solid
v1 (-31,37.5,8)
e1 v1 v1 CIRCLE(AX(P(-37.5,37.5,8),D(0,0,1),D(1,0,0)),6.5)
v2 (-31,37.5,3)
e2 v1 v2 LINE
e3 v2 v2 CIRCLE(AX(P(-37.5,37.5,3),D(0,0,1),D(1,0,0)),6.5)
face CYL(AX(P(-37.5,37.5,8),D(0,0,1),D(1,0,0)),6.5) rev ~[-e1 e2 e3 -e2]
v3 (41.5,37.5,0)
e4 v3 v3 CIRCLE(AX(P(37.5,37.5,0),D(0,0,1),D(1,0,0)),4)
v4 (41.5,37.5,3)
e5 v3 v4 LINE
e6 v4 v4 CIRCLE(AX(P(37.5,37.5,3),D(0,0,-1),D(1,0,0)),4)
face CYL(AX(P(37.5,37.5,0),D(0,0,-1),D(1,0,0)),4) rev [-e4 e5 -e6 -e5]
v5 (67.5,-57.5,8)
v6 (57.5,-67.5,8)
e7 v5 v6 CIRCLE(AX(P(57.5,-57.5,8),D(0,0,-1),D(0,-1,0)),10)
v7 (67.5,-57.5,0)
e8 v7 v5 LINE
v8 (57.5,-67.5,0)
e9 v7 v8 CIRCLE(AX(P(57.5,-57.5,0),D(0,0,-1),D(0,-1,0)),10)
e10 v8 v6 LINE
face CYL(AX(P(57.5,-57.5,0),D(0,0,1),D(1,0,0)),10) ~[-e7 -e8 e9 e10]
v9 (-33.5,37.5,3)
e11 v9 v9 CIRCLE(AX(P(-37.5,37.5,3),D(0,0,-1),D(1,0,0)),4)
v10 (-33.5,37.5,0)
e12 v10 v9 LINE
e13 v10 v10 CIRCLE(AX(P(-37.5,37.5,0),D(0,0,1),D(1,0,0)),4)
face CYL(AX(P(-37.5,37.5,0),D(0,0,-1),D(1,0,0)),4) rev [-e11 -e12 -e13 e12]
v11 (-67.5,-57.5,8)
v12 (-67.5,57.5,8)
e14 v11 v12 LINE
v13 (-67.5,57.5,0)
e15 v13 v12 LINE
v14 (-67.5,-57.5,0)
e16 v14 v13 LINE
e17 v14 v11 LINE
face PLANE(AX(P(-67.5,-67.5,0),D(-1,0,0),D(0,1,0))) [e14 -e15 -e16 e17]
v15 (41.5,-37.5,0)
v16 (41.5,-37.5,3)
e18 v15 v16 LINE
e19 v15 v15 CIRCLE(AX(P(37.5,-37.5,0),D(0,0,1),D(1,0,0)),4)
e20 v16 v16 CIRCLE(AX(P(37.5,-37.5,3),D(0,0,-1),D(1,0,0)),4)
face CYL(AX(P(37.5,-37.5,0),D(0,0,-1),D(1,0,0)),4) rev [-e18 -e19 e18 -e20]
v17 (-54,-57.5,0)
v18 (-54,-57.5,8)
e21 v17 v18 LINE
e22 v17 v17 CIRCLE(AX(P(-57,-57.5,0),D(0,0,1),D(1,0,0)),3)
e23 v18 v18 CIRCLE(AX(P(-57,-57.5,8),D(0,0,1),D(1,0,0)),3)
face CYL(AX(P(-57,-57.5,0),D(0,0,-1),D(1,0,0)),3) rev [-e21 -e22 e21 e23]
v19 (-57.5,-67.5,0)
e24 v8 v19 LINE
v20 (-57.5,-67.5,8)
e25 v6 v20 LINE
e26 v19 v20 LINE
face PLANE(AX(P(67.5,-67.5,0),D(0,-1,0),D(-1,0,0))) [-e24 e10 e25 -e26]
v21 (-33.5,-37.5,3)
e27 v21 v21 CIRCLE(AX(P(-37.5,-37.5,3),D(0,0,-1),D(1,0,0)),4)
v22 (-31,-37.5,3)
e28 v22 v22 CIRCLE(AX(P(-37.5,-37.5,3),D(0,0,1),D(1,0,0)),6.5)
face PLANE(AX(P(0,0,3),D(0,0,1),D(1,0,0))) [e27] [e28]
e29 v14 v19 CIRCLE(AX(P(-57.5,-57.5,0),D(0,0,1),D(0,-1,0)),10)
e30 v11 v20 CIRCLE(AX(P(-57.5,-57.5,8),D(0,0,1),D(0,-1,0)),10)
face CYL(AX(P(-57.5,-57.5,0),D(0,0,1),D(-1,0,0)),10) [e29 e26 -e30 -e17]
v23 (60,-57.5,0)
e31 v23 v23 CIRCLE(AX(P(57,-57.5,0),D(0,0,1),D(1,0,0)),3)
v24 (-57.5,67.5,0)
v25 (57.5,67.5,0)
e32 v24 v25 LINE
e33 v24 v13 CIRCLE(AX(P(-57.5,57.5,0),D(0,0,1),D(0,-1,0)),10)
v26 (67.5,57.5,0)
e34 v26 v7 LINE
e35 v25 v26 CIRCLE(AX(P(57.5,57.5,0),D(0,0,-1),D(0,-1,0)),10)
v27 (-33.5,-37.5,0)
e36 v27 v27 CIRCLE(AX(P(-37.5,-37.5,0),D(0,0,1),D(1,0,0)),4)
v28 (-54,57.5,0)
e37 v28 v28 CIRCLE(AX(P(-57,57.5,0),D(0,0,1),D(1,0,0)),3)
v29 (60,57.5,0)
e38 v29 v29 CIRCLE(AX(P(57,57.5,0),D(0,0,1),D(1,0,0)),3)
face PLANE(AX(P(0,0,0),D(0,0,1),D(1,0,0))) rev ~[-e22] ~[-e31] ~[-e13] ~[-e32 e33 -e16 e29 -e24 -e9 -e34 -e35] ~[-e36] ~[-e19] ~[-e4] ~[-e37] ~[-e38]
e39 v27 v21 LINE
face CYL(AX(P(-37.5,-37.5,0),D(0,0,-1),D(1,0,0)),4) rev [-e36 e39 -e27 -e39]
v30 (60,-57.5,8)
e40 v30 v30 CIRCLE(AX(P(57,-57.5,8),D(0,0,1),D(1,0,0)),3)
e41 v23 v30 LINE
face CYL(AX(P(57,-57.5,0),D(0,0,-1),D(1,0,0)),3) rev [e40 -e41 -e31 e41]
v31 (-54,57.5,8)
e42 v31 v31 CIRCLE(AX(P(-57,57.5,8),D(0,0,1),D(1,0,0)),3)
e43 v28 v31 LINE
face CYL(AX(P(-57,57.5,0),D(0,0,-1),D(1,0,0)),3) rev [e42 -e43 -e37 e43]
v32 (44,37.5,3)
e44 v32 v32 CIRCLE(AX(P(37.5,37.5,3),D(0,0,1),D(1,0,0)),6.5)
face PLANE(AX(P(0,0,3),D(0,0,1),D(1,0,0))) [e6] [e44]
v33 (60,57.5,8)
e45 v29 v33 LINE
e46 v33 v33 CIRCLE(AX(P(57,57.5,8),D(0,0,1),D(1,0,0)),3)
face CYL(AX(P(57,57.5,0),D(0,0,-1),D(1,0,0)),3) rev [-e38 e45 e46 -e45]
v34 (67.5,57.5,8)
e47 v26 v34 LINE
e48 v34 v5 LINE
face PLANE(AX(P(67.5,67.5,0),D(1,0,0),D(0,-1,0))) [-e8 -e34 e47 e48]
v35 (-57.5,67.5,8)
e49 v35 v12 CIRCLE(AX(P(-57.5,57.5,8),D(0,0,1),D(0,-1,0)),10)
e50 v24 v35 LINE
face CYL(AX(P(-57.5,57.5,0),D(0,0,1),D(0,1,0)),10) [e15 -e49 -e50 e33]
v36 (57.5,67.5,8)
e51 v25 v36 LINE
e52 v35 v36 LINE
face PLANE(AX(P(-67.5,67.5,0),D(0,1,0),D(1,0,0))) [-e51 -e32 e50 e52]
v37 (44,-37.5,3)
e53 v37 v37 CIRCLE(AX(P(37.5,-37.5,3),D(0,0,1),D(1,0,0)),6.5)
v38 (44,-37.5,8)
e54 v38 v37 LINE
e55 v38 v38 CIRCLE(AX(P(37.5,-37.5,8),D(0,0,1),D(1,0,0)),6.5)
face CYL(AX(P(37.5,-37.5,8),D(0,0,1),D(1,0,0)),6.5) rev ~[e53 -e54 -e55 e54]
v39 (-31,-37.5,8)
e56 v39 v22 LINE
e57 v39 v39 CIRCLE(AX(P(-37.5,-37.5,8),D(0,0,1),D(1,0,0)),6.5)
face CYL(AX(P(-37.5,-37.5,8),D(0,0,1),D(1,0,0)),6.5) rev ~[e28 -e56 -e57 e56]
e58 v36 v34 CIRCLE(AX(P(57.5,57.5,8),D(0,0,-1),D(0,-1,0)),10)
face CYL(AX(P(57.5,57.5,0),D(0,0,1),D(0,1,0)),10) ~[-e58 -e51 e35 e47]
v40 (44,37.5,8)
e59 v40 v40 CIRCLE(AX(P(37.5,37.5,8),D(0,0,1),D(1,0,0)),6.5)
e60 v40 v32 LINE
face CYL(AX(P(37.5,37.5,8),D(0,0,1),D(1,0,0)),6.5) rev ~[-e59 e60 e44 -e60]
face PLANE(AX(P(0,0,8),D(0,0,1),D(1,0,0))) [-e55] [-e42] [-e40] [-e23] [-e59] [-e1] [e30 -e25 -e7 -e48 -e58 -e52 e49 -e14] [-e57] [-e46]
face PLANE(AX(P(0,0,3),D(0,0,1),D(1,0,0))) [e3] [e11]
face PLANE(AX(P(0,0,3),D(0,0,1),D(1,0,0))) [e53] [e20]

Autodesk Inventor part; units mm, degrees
ref_plane "YZ Plane" through (0, 0, 0) normal (1, 0, 0) x (0, 1, 0)
ref_plane "XZ Plane" through (0, 0, 0) normal (0, 1, 0) x (-1, 0, 0)
ref_plane "XY Plane" through (0, 0, 0) normal (0, 0, 1) x (1, 0, 0)
sketch "Sketch1" plane through (0, 0, 0) normal (0, 0, 1) x (1, 0, 0)
  circle A0 centre (-57, 57.5) radius 3
  circle A1 centre (57, 57.5) radius 3
  circle A2 centre (-57, -57.5) radius 3
  circle A3 centre (57, -57.5) radius 3
  line L0 (-57, 57.5) -> (57, -57.5) construction
  line L1 (-57, -57.5) -> (57, 57.5) construction
  line L2 (-67.5, 67.5) -> (67.5, 67.5)
  line L3 (67.5, 67.5) -> (67.5, -67.5)
  line L4 (67.5, -67.5) -> (-67.5, -67.5)
  line L5 (-67.5, -67.5) -> (-67.5, 67.5)
  line L6 (-67.5, 67.5) -> (67.5, -67.5) construction
  line L7 (67.5, 67.5) -> (-67.5, -67.5) construction
  circle A4 centre (-37.5, 37.5) radius 4
  circle A5 centre (-37.5, -37.5) radius 4
  circle A6 centre (37.5, -37.5) radius 4
  circle A7 centre (37.5, 37.5) radius 4
  point P0 (0, 0)
  point P1 (0, 0)
  dimension "d0" = 114
  dimension "d1" = 115
  dimension "d2" = 6
  dimension "d3" = 135
  dimension "d4" = 135
  dimension "d5" = 8
  dimension "d6" = 30
  dimension "d9" = 360
extrude "Extrusion1" add sketch "Sketch1" along normal blind 8
sketch "Sketch2" plane through (0, 0, 8) normal (0, 0, 1) x (1, 0, 0)
  line L0 (-67.5, -67.5) -> (67.5, -67.5) projected
  line L1 (67.5, -67.5) -> (67.5, 67.5) projected
  line L2 (67.5, 67.5) -> (-67.5, 67.5) projected
  line L3 (-67.5, 67.5) -> (-67.5, -67.5) projected
  circle A0 centre (37.5, 37.5) radius 4 projected
  circle A1 centre (37.5, -37.5) radius 4 projected
  circle A2 centre (-37.5, -37.5) radius 4 projected
  circle A3 centre (-37.5, 37.5) radius 4 projected
  circle A4 centre (57, -57.5) radius 3 projected
  circle A5 centre (-57, -57.5) radius 3 projected
  circle A6 centre (57, 57.5) radius 3 projected
  circle A7 centre (-57, 57.5) radius 3 projected
  circle A8 centre (-37.5, 37.5) radius 6.5
  circle A9 centre (-37.5, -37.5) radius 6.5
  circle A10 centre (37.5, -37.5) radius 6.5
  circle A11 centre (37.5, 37.5) radius 6.5
  point P0 (0, 0)
  dimension "d13" = 13
  dimension "d16" = 360
extrude "Extrusion2" cut sketch "Sketch2" against normal blind 5 contours A0 | A1 | A2 | A3 | A8 | A9 | A10 | A11
fillet "Fillet1" radius 10 4 edges at (-67.5, 67.5, 4) (67.5, 67.5, 4) (-67.5, -67.5, 4) (67.5, -67.5, 4)
thread "Thread1" size "M6x1" class "6H" standard "ANSI Metric M Profile" full length
thread "Thread2" size "M6x1" class "6H" standard "ANSI Metric M Profile" full length
thread "Thread3" size "M6x1" class "6H" standard "ANSI Metric M Profile" full length
thread "Thread4" size "M6x1" class "6H" standard "ANSI Metric M Profile" full length
properties part number "plaat aan stoel" material "Aluminum 6061"
